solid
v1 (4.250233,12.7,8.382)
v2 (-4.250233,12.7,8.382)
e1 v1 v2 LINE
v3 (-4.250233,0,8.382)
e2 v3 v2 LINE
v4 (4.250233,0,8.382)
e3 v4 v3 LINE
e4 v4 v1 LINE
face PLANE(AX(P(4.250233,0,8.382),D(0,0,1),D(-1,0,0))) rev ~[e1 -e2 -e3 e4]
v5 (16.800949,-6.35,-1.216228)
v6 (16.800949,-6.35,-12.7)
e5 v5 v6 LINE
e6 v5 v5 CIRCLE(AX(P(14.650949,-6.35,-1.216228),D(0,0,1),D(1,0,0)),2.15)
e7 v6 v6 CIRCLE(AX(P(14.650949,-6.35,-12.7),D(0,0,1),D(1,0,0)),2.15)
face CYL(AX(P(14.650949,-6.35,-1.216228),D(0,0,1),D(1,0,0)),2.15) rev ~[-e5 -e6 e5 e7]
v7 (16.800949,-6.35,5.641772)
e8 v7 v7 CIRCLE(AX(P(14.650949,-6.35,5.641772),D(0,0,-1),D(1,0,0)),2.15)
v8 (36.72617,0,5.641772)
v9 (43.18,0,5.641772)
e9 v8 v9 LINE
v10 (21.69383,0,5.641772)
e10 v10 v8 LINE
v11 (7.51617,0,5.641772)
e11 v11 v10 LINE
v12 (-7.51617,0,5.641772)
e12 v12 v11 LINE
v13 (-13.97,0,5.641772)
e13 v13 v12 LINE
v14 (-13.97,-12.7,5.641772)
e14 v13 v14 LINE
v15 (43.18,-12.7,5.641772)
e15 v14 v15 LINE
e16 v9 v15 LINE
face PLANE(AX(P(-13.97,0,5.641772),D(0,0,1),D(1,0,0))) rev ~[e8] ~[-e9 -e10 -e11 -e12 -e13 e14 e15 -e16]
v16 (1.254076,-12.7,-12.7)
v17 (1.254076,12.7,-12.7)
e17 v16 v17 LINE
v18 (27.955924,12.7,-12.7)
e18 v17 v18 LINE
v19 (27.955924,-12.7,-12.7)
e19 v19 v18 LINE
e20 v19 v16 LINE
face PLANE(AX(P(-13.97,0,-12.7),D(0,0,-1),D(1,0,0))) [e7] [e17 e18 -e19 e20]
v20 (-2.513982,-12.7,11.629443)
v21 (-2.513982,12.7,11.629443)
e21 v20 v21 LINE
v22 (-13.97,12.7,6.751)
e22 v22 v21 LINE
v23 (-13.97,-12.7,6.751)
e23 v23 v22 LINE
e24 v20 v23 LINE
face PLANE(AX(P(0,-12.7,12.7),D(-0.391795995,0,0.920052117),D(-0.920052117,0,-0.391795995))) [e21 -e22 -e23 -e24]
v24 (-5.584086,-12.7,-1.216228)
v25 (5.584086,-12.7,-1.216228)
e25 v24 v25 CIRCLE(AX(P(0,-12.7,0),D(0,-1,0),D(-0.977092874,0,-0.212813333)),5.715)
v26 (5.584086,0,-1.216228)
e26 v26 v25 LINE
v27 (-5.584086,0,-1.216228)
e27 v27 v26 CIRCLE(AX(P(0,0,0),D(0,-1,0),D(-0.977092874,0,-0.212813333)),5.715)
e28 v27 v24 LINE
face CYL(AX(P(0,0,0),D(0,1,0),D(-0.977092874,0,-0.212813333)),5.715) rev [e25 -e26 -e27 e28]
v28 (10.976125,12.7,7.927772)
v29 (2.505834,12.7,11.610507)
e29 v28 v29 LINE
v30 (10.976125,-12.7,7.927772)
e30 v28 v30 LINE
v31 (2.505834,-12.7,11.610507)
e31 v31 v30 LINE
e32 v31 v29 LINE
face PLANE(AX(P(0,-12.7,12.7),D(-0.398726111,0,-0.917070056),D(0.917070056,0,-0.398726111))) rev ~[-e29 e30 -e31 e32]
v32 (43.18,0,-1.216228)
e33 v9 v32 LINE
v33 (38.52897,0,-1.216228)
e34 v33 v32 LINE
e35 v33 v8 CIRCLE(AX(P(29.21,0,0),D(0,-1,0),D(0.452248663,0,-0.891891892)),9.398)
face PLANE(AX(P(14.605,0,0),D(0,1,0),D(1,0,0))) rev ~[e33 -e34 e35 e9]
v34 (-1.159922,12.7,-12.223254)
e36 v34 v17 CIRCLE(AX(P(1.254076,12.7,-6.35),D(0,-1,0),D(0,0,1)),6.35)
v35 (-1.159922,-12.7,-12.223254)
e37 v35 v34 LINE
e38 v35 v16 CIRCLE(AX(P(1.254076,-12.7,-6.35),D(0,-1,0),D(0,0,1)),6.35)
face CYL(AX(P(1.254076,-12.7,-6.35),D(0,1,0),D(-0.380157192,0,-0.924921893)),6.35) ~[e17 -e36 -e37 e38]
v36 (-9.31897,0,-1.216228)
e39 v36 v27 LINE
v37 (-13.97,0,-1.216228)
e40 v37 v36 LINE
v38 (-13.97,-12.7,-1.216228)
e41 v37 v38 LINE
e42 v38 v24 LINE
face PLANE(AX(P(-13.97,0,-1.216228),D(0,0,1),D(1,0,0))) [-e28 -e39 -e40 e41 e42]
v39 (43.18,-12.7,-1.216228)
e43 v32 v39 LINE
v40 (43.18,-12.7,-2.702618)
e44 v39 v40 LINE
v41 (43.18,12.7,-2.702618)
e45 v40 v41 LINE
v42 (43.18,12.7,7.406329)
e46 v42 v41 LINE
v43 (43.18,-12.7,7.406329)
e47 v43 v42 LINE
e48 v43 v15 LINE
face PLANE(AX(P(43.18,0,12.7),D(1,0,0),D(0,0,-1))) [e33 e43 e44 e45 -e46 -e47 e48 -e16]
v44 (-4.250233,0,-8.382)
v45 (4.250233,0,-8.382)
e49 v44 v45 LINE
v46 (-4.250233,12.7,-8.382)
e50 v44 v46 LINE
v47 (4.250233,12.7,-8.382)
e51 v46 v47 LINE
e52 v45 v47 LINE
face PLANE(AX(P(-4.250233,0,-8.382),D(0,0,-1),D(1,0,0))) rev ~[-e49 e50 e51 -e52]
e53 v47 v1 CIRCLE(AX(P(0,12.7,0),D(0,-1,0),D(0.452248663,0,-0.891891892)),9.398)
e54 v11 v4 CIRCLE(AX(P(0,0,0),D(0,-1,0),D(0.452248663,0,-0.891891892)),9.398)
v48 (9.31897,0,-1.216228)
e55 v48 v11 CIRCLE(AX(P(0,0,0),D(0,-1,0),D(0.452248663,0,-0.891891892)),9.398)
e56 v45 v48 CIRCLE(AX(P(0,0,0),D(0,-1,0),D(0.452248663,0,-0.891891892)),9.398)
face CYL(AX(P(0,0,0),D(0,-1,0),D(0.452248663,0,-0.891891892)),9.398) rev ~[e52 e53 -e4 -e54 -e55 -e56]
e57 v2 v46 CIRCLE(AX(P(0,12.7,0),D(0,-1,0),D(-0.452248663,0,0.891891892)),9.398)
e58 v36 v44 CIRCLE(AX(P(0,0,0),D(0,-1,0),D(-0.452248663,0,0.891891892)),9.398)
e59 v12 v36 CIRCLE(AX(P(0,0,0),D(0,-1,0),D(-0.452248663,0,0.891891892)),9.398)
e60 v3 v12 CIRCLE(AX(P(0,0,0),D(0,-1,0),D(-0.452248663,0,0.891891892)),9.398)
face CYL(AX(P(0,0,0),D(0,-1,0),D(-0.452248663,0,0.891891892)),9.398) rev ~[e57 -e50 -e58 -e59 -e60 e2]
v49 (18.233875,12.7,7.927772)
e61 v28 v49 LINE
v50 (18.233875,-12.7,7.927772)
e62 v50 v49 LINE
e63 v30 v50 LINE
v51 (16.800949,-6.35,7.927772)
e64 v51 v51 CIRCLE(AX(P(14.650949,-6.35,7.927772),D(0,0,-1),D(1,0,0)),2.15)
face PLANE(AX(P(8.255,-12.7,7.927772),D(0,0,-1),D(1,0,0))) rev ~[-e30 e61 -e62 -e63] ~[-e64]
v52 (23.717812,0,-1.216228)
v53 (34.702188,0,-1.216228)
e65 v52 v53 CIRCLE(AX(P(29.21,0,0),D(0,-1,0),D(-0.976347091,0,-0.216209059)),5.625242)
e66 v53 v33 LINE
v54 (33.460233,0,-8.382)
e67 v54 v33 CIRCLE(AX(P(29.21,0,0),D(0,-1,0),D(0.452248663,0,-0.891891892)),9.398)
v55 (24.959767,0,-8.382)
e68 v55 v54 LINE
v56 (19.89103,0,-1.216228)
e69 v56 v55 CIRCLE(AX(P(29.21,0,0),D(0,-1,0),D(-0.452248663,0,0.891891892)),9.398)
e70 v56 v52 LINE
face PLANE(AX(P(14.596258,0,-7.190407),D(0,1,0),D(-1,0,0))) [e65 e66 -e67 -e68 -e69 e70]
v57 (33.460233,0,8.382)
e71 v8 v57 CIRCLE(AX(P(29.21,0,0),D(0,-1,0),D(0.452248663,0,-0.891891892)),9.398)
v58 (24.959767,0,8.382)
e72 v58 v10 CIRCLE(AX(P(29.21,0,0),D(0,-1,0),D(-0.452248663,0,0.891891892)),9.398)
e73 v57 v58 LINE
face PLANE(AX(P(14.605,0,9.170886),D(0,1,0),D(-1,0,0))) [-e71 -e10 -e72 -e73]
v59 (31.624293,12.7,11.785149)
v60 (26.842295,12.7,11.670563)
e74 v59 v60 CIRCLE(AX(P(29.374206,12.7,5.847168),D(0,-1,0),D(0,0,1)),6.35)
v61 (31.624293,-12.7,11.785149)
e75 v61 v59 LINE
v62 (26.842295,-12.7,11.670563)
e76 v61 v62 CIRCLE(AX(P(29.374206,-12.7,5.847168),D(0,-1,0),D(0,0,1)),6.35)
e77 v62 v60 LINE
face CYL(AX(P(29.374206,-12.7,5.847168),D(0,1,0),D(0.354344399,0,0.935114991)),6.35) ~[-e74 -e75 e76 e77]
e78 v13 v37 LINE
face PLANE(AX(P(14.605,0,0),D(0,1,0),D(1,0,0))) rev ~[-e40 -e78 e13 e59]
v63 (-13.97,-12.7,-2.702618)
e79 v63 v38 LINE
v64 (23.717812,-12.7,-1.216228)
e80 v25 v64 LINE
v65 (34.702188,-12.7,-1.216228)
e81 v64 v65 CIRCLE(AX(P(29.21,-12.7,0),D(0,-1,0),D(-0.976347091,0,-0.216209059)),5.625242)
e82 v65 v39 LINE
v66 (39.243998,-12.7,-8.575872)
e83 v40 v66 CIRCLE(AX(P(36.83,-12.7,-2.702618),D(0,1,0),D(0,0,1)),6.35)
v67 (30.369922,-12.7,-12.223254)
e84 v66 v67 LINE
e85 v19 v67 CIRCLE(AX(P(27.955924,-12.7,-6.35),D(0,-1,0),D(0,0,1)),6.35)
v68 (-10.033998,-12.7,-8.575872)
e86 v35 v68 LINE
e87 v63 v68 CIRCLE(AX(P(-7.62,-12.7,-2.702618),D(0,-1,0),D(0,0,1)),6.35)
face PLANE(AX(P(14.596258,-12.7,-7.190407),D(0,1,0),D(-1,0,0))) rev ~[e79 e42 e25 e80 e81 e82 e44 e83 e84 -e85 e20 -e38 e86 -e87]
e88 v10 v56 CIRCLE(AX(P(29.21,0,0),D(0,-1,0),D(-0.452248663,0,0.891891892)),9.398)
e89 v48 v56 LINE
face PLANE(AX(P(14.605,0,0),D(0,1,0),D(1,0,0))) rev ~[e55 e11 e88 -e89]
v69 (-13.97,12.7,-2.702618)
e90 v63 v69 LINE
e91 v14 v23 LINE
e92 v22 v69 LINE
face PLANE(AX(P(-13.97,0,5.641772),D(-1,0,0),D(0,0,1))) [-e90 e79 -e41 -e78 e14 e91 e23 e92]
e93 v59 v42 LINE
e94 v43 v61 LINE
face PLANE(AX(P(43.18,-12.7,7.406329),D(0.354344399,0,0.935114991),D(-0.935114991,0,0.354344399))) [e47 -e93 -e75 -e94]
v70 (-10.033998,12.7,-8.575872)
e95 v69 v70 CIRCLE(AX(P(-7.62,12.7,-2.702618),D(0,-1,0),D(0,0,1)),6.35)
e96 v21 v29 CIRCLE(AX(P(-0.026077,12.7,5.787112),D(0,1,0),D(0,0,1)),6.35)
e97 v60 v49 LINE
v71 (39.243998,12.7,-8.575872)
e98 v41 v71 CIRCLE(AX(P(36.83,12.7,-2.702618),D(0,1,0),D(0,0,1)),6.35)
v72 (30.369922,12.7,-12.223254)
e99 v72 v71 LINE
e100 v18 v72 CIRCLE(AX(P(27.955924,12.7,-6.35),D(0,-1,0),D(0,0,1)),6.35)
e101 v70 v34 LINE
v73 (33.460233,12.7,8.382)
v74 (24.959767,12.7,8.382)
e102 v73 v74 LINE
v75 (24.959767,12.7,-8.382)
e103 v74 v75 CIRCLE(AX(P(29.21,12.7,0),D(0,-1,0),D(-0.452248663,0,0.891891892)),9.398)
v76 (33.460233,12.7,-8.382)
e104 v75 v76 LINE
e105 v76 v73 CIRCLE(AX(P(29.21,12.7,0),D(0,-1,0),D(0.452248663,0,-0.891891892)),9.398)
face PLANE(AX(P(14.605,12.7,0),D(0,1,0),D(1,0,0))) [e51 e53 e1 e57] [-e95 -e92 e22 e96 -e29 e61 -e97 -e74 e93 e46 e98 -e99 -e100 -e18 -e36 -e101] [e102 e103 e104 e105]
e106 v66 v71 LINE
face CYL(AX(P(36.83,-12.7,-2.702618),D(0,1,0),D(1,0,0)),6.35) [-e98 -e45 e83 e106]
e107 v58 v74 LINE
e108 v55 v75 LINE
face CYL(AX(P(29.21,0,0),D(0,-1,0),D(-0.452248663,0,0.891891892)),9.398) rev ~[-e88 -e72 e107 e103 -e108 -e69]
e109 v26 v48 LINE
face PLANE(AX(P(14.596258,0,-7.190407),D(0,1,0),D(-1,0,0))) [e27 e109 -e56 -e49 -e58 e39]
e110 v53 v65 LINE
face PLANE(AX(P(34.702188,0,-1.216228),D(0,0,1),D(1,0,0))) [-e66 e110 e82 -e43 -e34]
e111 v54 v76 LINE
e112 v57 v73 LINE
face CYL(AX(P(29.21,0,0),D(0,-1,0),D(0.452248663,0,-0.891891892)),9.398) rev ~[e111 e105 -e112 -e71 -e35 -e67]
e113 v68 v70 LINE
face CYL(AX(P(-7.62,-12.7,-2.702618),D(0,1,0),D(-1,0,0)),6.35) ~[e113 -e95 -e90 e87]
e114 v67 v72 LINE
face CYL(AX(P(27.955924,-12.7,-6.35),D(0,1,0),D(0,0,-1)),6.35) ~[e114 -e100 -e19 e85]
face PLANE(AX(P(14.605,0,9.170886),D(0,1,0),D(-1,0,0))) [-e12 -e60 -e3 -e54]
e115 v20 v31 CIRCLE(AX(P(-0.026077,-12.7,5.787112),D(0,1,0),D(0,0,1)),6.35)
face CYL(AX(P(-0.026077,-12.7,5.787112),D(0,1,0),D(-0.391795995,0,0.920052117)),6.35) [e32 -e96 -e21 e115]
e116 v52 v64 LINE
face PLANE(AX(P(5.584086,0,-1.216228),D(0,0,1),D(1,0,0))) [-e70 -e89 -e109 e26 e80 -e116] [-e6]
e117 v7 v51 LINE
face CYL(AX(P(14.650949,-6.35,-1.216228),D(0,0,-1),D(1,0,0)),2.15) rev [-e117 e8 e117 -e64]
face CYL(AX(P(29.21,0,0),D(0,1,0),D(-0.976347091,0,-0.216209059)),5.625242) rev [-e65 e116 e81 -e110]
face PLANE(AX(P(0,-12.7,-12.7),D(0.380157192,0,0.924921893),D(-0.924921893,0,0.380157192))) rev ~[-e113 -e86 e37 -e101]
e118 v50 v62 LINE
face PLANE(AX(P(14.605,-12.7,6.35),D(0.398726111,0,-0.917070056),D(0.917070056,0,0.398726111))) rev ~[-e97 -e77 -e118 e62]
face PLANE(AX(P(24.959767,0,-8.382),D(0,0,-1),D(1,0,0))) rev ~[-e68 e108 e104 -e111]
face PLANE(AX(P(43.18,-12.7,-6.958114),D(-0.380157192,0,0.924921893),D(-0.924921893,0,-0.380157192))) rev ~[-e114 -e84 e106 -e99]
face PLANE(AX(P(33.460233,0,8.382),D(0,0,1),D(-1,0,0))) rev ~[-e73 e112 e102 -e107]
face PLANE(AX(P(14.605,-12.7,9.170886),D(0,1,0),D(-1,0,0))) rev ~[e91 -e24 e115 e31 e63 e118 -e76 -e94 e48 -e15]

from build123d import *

# Parameters (mm, degrees)
SKETCH1_W               = 57.15
SKETCH1_H               = 25.4
BOSS_EXTRUDE1_DEPTH     = 12.7
BOSS_EXTRUDE3_DEPTH     = 12.7
CUT_EXTRUDE1_DEPTH      = 26.4
CUT_EXTRUDE2_DEPTH      = 26.4
FILLET1_R               = 6.35
SKETCH7_W               = 12.7
SKETCH7_H               = 2.286
BOSS_EXTRUDE4_DEPTH     = 25.4
SKETCH6_R               = 2.15
CUT_EXTRUDE3_DEPTH      = 14.413396589
CUT_EXTRUDE3_DEPTH_BACK = 12.4837718


with BuildPart() as part:
    # Sketch1 → Boss-Extrude1 (new body)
    with BuildSketch(Plane(origin=(0, 0, 0), x_dir=(1, 0, 0), z_dir=(0, 1, 0))):
        with Locations((14.605, 0)):
            Rectangle(SKETCH1_W, SKETCH1_H)
        with BuildLine():
            Line((-4.250232935, 8.382), (4.250232935, 8.382))
            ThreePointArc((4.250232935, 8.382), (9.398, 0), (4.250232935, -8.382))
            Line((4.250232935, -8.382), (-4.250232935, -8.382))
            ThreePointArc((-4.250232935, -8.382), (-9.398, 0), (-4.250232935, 8.382))
        make_face(mode=Mode.SUBTRACT)
        with BuildLine():
            Line((24.959767065, 8.382), (33.460232935, 8.382))
            ThreePointArc((33.460232935, 8.382), (38.608, 0), (33.460232935, -8.382))
            Line((33.460232935, -8.382), (24.959767065, -8.382))
            ThreePointArc((24.959767065, -8.382), (19.812, 0), (24.959767065, 8.382))
        make_face(mode=Mode.SUBTRACT)
    extrude(amount=BOSS_EXTRUDE1_DEPTH)

    # Sketch3 → Boss-Extrude3 (add)
    with BuildSketch(Plane.XZ):
        Polygon((-13.97, 12.7), (43.18, 12.7), (43.18, 5.6417718), (32.093467094, 5.6417718), (26.326532906, 5.6417718), (2.727750443, 5.6417718), (-2.727750443, 5.6417718), (-13.97, 5.6417718), align=None)
        with BuildLine():
            Line((43.18, -1.2162282), (43.18, -12.7))
            Line((43.18, -12.7), (-13.97, -12.7))
            Line((-13.97, -12.7), (-13.97, -1.2162282))
            Line((-13.97, -1.2162282), (-5.584085777, -1.2162282))
            ThreePointArc((-5.584085777, -1.2162282), (0, -5.715), (5.584085777, -1.2162282))
            Line((5.584085777, -1.2162282), (23.717811699, -1.2162282))
            ThreePointArc((23.717811699, -1.2162282), (29.21, -5.625241627), (34.702188301, -1.2162282))
            Line((34.702188301, -1.2162282), (43.18, -1.2162282))
        make_face()
    extrude(amount=BOSS_EXTRUDE3_DEPTH)

    # Sketch4 → Cut-Extrude1 (cut, through all)
    with BuildSketch(Plane.XZ.offset(12.7)):
        Polygon((-13.97, -6.9581141), (-13.97, -12.7), (0, -12.7), align=None)
        Polygon((29.21, -12.7), (43.18, -12.7), (43.18, -6.9581141), align=None)
        Polygon((43.18, 12.7), (43.18, 7.40632885), (29.21, 12.7), align=None)
        Polygon((0, 12.7), (-13.97, 6.751), (-13.97, 12.7), align=None)
    extrude(amount=-CUT_EXTRUDE1_DEPTH, mode=Mode.SUBTRACT)

    # Sketch5 → Cut-Extrude2 (cut, through all)
    with BuildSketch(Plane.XZ.offset(12.7)):
        Polygon((0, 12.7), (14.605, 6.35), (29.21, 12.7), align=None)
    extrude(amount=-CUT_EXTRUDE2_DEPTH, mode=Mode.SUBTRACT)

    # Fillet1
    fillet1_edges = [part.edges().sort_by_distance(p)[0] for p in [
        (0, 0, 12.7),
        (29.21, 0, 12.7),
        (29.21, 0, -12.7),
        (43.18, 0, -6.9581141),
        (-13.97, 0, -6.9581141),
        (0, 0, -12.7),
    ]]
    fillet(fillet1_edges, radius=FILLET1_R)

    # Sketch7 → Boss-Extrude4 (add)
    with BuildSketch(Plane.XZ.offset(12.7)):
        with Locations((14.605, 6.7847718)):
            Rectangle(SKETCH7_W, SKETCH7_H)
    extrude(amount=-BOSS_EXTRUDE4_DEPTH)

    # Sketch6 → Cut-Extrude3 (cut, two sides)
    with BuildSketch(Plane.XY.offset(-1.2162282)) as cut_extrude3_sk:
        with Locations((14.650948738, -6.35)):
            Circle(SKETCH6_R)
    extrude(amount=CUT_EXTRUDE3_DEPTH, mode=Mode.SUBTRACT)
    extrude(cut_extrude3_sk.sketch, amount=-CUT_EXTRUDE3_DEPTH_BACK, mode=Mode.SUBTRACT)


solid = part.part
